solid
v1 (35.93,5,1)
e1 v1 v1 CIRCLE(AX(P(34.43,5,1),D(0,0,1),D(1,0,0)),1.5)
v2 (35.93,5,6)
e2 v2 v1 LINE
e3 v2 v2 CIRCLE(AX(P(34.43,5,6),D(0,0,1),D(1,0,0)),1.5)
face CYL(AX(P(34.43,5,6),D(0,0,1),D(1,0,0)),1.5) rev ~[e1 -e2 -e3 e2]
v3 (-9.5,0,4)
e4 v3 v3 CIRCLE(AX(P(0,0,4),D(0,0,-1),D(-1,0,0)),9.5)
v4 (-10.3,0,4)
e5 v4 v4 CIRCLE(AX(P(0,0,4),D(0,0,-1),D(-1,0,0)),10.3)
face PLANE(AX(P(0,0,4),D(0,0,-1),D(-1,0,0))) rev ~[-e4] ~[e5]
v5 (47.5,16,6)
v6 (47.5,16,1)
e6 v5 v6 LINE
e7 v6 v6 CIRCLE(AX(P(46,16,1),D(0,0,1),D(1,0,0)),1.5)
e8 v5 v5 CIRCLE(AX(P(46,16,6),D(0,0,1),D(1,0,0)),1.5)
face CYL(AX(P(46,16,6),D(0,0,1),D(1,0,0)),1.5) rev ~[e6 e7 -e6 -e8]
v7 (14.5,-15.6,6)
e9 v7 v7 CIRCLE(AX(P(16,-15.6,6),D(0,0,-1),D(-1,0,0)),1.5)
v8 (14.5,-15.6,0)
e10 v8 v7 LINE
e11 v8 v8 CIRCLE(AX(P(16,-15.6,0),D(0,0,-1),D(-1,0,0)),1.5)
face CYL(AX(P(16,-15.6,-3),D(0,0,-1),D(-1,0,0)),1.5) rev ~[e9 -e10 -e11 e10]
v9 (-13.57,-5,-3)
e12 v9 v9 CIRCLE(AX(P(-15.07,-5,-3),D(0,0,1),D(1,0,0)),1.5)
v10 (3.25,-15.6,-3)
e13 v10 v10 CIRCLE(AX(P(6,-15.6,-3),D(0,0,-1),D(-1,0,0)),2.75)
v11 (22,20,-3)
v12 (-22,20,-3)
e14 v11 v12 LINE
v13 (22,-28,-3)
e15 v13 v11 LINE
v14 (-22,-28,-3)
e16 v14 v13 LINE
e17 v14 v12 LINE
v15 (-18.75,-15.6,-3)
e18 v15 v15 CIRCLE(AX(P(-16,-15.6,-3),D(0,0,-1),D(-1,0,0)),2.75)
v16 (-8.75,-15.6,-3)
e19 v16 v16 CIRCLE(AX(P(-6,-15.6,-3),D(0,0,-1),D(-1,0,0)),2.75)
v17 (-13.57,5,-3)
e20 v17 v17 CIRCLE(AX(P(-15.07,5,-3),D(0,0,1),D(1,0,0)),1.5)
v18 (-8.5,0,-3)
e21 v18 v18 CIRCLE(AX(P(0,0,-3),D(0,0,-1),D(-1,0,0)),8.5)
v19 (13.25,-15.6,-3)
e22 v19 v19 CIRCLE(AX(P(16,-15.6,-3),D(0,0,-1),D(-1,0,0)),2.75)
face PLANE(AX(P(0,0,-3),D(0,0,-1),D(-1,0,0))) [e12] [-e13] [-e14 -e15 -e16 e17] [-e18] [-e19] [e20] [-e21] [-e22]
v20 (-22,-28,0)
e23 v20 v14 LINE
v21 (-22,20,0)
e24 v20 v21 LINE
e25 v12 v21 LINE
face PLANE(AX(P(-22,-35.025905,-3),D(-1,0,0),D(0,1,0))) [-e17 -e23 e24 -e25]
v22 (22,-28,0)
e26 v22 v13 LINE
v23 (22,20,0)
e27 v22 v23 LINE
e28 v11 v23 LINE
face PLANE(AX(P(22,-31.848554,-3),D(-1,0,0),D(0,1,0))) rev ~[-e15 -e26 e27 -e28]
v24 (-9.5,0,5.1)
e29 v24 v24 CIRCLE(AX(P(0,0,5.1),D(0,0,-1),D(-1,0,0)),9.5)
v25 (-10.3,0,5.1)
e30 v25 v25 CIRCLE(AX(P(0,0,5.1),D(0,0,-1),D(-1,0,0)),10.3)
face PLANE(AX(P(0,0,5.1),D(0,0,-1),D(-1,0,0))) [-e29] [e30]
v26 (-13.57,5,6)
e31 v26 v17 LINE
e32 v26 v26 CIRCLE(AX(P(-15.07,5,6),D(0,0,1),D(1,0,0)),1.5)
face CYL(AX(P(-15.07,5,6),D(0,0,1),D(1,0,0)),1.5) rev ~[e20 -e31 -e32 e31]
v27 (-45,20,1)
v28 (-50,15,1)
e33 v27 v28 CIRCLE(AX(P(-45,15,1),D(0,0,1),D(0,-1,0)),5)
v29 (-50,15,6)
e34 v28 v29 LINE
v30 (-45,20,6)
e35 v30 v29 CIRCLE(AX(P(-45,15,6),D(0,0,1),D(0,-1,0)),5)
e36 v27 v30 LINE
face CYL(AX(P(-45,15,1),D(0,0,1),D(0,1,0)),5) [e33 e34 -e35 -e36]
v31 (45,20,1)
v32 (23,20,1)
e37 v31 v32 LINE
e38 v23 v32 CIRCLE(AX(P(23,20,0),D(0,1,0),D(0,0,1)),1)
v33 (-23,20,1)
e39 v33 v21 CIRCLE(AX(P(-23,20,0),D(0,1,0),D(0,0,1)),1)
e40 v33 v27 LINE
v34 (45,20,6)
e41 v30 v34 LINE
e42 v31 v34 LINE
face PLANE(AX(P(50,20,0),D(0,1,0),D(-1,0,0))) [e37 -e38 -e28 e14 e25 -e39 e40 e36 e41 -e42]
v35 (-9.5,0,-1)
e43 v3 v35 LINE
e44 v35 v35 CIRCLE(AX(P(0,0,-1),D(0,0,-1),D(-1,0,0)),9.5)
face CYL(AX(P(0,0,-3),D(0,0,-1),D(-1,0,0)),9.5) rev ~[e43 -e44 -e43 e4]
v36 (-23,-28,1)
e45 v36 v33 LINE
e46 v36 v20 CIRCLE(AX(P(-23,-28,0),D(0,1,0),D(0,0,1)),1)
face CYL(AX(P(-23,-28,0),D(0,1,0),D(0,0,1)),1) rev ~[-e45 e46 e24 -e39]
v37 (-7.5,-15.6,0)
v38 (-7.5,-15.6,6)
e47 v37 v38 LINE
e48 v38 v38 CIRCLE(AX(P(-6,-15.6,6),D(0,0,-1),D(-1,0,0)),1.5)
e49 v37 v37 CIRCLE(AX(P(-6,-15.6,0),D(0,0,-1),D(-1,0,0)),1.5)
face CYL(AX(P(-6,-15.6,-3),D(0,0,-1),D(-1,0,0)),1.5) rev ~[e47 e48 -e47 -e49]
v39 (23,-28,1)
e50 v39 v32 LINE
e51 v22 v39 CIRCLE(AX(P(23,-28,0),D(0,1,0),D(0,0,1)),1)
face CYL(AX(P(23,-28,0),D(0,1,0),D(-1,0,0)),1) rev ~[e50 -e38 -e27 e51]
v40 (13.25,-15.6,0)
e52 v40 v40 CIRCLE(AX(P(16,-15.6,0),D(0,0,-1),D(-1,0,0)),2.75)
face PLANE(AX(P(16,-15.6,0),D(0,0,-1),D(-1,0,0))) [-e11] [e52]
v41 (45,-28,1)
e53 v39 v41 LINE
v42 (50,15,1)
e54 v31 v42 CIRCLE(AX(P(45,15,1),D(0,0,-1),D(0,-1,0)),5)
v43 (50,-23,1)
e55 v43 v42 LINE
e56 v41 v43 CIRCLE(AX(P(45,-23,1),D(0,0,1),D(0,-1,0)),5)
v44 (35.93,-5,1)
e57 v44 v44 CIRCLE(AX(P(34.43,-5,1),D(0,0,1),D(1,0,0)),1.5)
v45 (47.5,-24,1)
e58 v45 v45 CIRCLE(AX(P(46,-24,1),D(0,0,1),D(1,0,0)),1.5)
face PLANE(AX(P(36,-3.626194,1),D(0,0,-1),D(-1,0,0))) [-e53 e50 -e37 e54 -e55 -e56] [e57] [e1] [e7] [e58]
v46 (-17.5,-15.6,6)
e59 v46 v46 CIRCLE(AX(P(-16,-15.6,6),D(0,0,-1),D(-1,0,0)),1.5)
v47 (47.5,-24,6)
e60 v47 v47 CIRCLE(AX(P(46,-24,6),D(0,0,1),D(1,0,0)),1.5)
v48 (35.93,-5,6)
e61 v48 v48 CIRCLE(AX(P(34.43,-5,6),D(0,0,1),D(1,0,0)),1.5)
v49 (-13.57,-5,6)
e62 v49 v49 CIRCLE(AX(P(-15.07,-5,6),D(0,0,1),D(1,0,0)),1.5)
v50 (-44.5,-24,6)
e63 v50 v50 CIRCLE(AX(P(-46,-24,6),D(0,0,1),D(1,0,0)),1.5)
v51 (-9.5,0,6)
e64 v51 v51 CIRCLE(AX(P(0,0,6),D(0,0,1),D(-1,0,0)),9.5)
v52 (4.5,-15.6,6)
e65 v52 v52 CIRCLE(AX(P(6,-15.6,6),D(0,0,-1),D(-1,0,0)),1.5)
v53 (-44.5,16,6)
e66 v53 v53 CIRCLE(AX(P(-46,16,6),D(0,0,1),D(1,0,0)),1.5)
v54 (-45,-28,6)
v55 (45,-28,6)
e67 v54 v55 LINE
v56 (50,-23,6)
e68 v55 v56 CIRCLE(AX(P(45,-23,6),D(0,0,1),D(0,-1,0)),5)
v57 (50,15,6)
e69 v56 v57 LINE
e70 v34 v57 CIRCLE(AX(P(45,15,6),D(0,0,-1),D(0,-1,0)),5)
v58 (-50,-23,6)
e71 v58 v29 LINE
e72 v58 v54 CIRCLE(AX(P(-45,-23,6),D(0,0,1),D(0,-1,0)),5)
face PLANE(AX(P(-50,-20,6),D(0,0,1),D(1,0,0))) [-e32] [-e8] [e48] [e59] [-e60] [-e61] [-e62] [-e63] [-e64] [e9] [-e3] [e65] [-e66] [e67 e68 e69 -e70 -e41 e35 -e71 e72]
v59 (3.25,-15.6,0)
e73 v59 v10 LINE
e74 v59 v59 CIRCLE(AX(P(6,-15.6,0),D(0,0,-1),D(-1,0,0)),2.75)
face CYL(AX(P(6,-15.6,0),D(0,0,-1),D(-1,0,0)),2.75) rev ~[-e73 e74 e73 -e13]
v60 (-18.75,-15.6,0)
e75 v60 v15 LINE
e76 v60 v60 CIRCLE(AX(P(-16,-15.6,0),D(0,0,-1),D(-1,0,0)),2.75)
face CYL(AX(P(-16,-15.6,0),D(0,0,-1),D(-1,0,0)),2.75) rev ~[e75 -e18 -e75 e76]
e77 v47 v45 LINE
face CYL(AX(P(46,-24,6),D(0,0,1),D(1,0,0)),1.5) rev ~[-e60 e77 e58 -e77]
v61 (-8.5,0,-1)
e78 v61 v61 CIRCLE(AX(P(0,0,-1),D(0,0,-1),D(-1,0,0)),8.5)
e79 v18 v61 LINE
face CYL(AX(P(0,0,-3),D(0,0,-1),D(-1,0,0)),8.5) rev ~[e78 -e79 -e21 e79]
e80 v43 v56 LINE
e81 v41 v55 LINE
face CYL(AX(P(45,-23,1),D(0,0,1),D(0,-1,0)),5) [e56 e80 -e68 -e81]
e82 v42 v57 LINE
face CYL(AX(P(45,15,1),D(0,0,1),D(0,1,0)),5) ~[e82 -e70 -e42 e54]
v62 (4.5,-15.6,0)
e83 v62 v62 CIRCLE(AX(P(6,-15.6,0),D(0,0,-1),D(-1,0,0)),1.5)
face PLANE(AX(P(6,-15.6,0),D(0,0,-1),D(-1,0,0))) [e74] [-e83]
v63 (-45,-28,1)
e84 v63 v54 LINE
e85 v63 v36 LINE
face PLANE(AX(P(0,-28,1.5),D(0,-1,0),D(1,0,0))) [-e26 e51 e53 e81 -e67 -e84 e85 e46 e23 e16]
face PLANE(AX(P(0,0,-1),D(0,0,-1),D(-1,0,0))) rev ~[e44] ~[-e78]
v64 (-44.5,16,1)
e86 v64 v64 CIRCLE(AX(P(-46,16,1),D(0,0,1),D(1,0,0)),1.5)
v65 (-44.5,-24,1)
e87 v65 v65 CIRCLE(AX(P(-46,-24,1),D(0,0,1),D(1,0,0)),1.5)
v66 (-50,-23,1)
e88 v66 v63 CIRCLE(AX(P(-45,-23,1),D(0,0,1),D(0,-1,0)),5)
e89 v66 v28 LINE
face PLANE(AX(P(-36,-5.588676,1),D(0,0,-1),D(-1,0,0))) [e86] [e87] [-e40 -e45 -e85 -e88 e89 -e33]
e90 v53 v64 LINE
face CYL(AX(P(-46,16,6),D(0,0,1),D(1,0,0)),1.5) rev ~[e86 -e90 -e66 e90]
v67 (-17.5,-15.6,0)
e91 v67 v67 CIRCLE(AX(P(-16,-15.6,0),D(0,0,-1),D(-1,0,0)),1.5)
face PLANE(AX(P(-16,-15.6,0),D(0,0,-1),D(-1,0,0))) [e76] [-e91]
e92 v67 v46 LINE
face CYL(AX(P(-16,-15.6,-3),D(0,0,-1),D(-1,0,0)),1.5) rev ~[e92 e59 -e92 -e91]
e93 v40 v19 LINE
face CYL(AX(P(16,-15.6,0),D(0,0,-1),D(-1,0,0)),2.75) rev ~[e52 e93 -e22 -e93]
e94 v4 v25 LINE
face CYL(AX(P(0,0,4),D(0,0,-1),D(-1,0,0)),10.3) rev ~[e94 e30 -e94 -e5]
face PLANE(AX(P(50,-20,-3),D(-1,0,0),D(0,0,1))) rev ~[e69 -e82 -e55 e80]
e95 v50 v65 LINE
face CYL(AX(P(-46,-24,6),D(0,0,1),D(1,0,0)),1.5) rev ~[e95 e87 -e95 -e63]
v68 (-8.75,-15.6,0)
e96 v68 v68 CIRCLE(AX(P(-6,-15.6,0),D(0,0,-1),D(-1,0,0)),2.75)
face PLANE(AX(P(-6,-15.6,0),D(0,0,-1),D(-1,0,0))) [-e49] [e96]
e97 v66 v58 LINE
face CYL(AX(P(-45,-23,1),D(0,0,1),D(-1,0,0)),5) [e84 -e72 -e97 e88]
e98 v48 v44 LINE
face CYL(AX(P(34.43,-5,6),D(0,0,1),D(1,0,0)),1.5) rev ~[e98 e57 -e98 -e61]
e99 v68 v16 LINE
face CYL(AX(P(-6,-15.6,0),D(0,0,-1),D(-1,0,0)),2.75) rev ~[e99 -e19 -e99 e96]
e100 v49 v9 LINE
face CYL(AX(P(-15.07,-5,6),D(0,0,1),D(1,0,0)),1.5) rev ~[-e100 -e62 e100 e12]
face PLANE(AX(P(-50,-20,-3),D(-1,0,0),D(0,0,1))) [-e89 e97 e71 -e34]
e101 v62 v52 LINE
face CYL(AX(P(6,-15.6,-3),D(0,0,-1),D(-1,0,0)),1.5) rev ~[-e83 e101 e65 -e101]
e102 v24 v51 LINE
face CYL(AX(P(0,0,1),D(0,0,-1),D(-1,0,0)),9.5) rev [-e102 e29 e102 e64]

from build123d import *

# Parameters (mm, degrees)
SKETCH_1_W                = 100
SKETCH_1_H                = 40
EXTRUDE_1_DEPTH           = 6
SKETCH_2_W                = 100
SKETCH_2_H                = 40
EXTRUDE_2_DEPTH           = 3
SKETCH_4_R                = 9.5
CUT_EXTRUDE_1_DEPTH       = 7
SKETCH_5_R                = 10.3
CUT_EXTRUDE_2_DEPTH       = 1.1
CUT_EXTRUDE_START         = -5
SKETCH_6_R                = 9.5
CUT_EXTRUDE_3_DEPTH       = 5
SKETCH_7_R                = 1.5
CUT_EXTRUDE_4_DEPTH       = 12
SKETCH_8_W                = 100
SKETCH_8_H                = 9
EXTRUDE_3_DEPTH           = 8
SKETCH_9_R                = 1.5
CUT_EXTRUDE_5_DEPTH       = 10
SKETCH_13_R               = 1.5
CUT_EXTRUDE_6_DEPTH       = 10
HOLE_WIZARD_1_D           = 3
HOLE_WIZARD_1_CBORE_D     = 5.5
HOLE_WIZARD_1_CBORE_DEPTH = 3
SKETCH_15_W               = 28
SKETCH_15_H               = 56.444719302
SKETCH_15_H_2             = 58.874458875
CUT_EXTRUDE_7_DEPTH       = 4
FILLET_3_R                = 1
FILLET_4_R                = 5
SKETCH_16_R               = 9.5
SKETCH_16_R_2             = 8.5
EXTRUDE_4_DEPTH           = 2


with BuildPart() as part:
    # 草图1 → 凸台-拉伸1 (new body)
    with BuildSketch(Plane.XY):
        Rectangle(SKETCH_1_W, SKETCH_1_H)
    extrude(amount=EXTRUDE_1_DEPTH)

    # 草图2 → 凸台-拉伸2 (add)
    with BuildSketch(Plane(origin=(0, 0, 0), x_dir=(-1, 0, 0), z_dir=(0, 0, -1))):
        Rectangle(SKETCH_2_W, SKETCH_2_H)
    extrude(amount=EXTRUDE_2_DEPTH)

    # 草图4 → 切除-拉伸1 (cut)
    with BuildSketch(Plane(origin=(0, 0, -3), x_dir=(-1, 0, 0), z_dir=(0, 0, -1))):
        Circle(SKETCH_4_R)
    extrude(amount=-CUT_EXTRUDE_1_DEPTH, mode=Mode.SUBTRACT)

    # 草图5 → 切除-拉伸2 (cut)
    with BuildSketch(Plane(origin=(0, 0, 4), x_dir=(-1, 0, 0), z_dir=(0, 0, -1))):
        Circle(SKETCH_5_R)
    extrude(amount=-CUT_EXTRUDE_2_DEPTH, mode=Mode.SUBTRACT)

    # 草图6 → 切除-拉伸3 (cut)
    with BuildSketch(Plane.XY.offset(6).offset(CUT_EXTRUDE_START)):
        with Locations(Location((0, 0, 0), (0, 0, 180))):
            Circle(SKETCH_6_R)
    extrude(amount=CUT_EXTRUDE_3_DEPTH, mode=Mode.SUBTRACT)

    # 草图7 → 切除-拉伸4 (cut)
    with BuildSketch(Plane.XY.offset(6)):
        with Locations((-15.07, 5)):
            Circle(SKETCH_7_R)
        with Locations((34.43, 5)):
            Circle(SKETCH_7_R)
        with Locations((-15.07, -5)):
            Circle(SKETCH_7_R)
        with Locations((34.43, -5)):
            Circle(SKETCH_7_R)
    extrude(amount=-CUT_EXTRUDE_4_DEPTH, mode=Mode.SUBTRACT)

    # 草图8 → 凸台-拉伸3 (add)
    with BuildSketch(Plane.XZ.offset(20)):
        with Locations((0, 1.5)):
            Rectangle(SKETCH_8_W, SKETCH_8_H)
    extrude(amount=EXTRUDE_3_DEPTH)

    # 草图9 → 切除-拉伸5 (cut)
    with BuildSketch(Plane(origin=(0, 0, -3), x_dir=(-1, 0, 0), z_dir=(0, 0, -1))):
        with Locations((-6, -15.6)):
            Circle(SKETCH_9_R)
        with Locations((6, -15.6)):
            Circle(SKETCH_9_R)
        with Locations((-16, -15.6)):
            Circle(SKETCH_9_R)
        with Locations((16, -15.6)):
            Circle(SKETCH_9_R)
    extrude(amount=-CUT_EXTRUDE_5_DEPTH, mode=Mode.SUBTRACT)

    # 草图13 → 切除-拉伸6 (cut)
    with BuildSketch(Plane.XY.offset(6)):
        with Locations((-46, 16)):
            Circle(SKETCH_13_R)
        with Locations((46, 16)):
            Circle(SKETCH_13_R)
        with Locations((-46, -24)):
            Circle(SKETCH_13_R)
        with Locations((46, -24)):
            Circle(SKETCH_13_R)
    extrude(amount=-CUT_EXTRUDE_6_DEPTH, mode=Mode.SUBTRACT)

    # 孔1 (through all)
    with Locations(Plane(origin=(-16, -15.6, -3), x_dir=(-1, 0, 0), z_dir=(0, 0, -1))):
        with Locations((0, 0), (-10, 0), (-22, 0), (-32, 0)):
            CounterBoreHole(HOLE_WIZARD_1_D / 2, HOLE_WIZARD_1_CBORE_D / 2, HOLE_WIZARD_1_CBORE_DEPTH)

    # 草图15 → 切除-拉伸7 (cut)
    with BuildSketch(Plane(origin=(0, 0, -3), x_dir=(-1, 0, 0), z_dir=(0, 0, -1))):
        with Locations((-36, -3.626193912)):
            Rectangle(SKETCH_15_W, SKETCH_15_H)
        with Locations((36, -5.588675874)):
            Rectangle(SKETCH_15_W, SKETCH_15_H_2)
    extrude(amount=-CUT_EXTRUDE_7_DEPTH, mode=Mode.SUBTRACT)

    # 圆角3
    fillet_3_edges = [part.edges().sort_by_distance(p)[0] for p in [
        (22, -4, 1),
        (-22, -4, 1),
    ]]
    fillet(fillet_3_edges, radius=FILLET_3_R)

    # 圆角4
    fillet_4_edges = [part.edges().sort_by_distance(p)[0] for p in [
        (50, -28, 3.5),
        (-50, -28, 3.5),
        (-50, 20, 3.5),
        (50, 20, 3.5),
    ]]
    fillet(fillet_4_edges, radius=FILLET_4_R)

    # 草图16 → 凸台-拉伸4 (add)
    with BuildSketch(Plane(origin=(0, 0, -3), x_dir=(-1, 0, 0), z_dir=(0, 0, -1))):
        Circle(SKETCH_16_R)
        Circle(SKETCH_16_R_2, mode=Mode.SUBTRACT)
    extrude(amount=-EXTRUDE_4_DEPTH)


solid = part.part
